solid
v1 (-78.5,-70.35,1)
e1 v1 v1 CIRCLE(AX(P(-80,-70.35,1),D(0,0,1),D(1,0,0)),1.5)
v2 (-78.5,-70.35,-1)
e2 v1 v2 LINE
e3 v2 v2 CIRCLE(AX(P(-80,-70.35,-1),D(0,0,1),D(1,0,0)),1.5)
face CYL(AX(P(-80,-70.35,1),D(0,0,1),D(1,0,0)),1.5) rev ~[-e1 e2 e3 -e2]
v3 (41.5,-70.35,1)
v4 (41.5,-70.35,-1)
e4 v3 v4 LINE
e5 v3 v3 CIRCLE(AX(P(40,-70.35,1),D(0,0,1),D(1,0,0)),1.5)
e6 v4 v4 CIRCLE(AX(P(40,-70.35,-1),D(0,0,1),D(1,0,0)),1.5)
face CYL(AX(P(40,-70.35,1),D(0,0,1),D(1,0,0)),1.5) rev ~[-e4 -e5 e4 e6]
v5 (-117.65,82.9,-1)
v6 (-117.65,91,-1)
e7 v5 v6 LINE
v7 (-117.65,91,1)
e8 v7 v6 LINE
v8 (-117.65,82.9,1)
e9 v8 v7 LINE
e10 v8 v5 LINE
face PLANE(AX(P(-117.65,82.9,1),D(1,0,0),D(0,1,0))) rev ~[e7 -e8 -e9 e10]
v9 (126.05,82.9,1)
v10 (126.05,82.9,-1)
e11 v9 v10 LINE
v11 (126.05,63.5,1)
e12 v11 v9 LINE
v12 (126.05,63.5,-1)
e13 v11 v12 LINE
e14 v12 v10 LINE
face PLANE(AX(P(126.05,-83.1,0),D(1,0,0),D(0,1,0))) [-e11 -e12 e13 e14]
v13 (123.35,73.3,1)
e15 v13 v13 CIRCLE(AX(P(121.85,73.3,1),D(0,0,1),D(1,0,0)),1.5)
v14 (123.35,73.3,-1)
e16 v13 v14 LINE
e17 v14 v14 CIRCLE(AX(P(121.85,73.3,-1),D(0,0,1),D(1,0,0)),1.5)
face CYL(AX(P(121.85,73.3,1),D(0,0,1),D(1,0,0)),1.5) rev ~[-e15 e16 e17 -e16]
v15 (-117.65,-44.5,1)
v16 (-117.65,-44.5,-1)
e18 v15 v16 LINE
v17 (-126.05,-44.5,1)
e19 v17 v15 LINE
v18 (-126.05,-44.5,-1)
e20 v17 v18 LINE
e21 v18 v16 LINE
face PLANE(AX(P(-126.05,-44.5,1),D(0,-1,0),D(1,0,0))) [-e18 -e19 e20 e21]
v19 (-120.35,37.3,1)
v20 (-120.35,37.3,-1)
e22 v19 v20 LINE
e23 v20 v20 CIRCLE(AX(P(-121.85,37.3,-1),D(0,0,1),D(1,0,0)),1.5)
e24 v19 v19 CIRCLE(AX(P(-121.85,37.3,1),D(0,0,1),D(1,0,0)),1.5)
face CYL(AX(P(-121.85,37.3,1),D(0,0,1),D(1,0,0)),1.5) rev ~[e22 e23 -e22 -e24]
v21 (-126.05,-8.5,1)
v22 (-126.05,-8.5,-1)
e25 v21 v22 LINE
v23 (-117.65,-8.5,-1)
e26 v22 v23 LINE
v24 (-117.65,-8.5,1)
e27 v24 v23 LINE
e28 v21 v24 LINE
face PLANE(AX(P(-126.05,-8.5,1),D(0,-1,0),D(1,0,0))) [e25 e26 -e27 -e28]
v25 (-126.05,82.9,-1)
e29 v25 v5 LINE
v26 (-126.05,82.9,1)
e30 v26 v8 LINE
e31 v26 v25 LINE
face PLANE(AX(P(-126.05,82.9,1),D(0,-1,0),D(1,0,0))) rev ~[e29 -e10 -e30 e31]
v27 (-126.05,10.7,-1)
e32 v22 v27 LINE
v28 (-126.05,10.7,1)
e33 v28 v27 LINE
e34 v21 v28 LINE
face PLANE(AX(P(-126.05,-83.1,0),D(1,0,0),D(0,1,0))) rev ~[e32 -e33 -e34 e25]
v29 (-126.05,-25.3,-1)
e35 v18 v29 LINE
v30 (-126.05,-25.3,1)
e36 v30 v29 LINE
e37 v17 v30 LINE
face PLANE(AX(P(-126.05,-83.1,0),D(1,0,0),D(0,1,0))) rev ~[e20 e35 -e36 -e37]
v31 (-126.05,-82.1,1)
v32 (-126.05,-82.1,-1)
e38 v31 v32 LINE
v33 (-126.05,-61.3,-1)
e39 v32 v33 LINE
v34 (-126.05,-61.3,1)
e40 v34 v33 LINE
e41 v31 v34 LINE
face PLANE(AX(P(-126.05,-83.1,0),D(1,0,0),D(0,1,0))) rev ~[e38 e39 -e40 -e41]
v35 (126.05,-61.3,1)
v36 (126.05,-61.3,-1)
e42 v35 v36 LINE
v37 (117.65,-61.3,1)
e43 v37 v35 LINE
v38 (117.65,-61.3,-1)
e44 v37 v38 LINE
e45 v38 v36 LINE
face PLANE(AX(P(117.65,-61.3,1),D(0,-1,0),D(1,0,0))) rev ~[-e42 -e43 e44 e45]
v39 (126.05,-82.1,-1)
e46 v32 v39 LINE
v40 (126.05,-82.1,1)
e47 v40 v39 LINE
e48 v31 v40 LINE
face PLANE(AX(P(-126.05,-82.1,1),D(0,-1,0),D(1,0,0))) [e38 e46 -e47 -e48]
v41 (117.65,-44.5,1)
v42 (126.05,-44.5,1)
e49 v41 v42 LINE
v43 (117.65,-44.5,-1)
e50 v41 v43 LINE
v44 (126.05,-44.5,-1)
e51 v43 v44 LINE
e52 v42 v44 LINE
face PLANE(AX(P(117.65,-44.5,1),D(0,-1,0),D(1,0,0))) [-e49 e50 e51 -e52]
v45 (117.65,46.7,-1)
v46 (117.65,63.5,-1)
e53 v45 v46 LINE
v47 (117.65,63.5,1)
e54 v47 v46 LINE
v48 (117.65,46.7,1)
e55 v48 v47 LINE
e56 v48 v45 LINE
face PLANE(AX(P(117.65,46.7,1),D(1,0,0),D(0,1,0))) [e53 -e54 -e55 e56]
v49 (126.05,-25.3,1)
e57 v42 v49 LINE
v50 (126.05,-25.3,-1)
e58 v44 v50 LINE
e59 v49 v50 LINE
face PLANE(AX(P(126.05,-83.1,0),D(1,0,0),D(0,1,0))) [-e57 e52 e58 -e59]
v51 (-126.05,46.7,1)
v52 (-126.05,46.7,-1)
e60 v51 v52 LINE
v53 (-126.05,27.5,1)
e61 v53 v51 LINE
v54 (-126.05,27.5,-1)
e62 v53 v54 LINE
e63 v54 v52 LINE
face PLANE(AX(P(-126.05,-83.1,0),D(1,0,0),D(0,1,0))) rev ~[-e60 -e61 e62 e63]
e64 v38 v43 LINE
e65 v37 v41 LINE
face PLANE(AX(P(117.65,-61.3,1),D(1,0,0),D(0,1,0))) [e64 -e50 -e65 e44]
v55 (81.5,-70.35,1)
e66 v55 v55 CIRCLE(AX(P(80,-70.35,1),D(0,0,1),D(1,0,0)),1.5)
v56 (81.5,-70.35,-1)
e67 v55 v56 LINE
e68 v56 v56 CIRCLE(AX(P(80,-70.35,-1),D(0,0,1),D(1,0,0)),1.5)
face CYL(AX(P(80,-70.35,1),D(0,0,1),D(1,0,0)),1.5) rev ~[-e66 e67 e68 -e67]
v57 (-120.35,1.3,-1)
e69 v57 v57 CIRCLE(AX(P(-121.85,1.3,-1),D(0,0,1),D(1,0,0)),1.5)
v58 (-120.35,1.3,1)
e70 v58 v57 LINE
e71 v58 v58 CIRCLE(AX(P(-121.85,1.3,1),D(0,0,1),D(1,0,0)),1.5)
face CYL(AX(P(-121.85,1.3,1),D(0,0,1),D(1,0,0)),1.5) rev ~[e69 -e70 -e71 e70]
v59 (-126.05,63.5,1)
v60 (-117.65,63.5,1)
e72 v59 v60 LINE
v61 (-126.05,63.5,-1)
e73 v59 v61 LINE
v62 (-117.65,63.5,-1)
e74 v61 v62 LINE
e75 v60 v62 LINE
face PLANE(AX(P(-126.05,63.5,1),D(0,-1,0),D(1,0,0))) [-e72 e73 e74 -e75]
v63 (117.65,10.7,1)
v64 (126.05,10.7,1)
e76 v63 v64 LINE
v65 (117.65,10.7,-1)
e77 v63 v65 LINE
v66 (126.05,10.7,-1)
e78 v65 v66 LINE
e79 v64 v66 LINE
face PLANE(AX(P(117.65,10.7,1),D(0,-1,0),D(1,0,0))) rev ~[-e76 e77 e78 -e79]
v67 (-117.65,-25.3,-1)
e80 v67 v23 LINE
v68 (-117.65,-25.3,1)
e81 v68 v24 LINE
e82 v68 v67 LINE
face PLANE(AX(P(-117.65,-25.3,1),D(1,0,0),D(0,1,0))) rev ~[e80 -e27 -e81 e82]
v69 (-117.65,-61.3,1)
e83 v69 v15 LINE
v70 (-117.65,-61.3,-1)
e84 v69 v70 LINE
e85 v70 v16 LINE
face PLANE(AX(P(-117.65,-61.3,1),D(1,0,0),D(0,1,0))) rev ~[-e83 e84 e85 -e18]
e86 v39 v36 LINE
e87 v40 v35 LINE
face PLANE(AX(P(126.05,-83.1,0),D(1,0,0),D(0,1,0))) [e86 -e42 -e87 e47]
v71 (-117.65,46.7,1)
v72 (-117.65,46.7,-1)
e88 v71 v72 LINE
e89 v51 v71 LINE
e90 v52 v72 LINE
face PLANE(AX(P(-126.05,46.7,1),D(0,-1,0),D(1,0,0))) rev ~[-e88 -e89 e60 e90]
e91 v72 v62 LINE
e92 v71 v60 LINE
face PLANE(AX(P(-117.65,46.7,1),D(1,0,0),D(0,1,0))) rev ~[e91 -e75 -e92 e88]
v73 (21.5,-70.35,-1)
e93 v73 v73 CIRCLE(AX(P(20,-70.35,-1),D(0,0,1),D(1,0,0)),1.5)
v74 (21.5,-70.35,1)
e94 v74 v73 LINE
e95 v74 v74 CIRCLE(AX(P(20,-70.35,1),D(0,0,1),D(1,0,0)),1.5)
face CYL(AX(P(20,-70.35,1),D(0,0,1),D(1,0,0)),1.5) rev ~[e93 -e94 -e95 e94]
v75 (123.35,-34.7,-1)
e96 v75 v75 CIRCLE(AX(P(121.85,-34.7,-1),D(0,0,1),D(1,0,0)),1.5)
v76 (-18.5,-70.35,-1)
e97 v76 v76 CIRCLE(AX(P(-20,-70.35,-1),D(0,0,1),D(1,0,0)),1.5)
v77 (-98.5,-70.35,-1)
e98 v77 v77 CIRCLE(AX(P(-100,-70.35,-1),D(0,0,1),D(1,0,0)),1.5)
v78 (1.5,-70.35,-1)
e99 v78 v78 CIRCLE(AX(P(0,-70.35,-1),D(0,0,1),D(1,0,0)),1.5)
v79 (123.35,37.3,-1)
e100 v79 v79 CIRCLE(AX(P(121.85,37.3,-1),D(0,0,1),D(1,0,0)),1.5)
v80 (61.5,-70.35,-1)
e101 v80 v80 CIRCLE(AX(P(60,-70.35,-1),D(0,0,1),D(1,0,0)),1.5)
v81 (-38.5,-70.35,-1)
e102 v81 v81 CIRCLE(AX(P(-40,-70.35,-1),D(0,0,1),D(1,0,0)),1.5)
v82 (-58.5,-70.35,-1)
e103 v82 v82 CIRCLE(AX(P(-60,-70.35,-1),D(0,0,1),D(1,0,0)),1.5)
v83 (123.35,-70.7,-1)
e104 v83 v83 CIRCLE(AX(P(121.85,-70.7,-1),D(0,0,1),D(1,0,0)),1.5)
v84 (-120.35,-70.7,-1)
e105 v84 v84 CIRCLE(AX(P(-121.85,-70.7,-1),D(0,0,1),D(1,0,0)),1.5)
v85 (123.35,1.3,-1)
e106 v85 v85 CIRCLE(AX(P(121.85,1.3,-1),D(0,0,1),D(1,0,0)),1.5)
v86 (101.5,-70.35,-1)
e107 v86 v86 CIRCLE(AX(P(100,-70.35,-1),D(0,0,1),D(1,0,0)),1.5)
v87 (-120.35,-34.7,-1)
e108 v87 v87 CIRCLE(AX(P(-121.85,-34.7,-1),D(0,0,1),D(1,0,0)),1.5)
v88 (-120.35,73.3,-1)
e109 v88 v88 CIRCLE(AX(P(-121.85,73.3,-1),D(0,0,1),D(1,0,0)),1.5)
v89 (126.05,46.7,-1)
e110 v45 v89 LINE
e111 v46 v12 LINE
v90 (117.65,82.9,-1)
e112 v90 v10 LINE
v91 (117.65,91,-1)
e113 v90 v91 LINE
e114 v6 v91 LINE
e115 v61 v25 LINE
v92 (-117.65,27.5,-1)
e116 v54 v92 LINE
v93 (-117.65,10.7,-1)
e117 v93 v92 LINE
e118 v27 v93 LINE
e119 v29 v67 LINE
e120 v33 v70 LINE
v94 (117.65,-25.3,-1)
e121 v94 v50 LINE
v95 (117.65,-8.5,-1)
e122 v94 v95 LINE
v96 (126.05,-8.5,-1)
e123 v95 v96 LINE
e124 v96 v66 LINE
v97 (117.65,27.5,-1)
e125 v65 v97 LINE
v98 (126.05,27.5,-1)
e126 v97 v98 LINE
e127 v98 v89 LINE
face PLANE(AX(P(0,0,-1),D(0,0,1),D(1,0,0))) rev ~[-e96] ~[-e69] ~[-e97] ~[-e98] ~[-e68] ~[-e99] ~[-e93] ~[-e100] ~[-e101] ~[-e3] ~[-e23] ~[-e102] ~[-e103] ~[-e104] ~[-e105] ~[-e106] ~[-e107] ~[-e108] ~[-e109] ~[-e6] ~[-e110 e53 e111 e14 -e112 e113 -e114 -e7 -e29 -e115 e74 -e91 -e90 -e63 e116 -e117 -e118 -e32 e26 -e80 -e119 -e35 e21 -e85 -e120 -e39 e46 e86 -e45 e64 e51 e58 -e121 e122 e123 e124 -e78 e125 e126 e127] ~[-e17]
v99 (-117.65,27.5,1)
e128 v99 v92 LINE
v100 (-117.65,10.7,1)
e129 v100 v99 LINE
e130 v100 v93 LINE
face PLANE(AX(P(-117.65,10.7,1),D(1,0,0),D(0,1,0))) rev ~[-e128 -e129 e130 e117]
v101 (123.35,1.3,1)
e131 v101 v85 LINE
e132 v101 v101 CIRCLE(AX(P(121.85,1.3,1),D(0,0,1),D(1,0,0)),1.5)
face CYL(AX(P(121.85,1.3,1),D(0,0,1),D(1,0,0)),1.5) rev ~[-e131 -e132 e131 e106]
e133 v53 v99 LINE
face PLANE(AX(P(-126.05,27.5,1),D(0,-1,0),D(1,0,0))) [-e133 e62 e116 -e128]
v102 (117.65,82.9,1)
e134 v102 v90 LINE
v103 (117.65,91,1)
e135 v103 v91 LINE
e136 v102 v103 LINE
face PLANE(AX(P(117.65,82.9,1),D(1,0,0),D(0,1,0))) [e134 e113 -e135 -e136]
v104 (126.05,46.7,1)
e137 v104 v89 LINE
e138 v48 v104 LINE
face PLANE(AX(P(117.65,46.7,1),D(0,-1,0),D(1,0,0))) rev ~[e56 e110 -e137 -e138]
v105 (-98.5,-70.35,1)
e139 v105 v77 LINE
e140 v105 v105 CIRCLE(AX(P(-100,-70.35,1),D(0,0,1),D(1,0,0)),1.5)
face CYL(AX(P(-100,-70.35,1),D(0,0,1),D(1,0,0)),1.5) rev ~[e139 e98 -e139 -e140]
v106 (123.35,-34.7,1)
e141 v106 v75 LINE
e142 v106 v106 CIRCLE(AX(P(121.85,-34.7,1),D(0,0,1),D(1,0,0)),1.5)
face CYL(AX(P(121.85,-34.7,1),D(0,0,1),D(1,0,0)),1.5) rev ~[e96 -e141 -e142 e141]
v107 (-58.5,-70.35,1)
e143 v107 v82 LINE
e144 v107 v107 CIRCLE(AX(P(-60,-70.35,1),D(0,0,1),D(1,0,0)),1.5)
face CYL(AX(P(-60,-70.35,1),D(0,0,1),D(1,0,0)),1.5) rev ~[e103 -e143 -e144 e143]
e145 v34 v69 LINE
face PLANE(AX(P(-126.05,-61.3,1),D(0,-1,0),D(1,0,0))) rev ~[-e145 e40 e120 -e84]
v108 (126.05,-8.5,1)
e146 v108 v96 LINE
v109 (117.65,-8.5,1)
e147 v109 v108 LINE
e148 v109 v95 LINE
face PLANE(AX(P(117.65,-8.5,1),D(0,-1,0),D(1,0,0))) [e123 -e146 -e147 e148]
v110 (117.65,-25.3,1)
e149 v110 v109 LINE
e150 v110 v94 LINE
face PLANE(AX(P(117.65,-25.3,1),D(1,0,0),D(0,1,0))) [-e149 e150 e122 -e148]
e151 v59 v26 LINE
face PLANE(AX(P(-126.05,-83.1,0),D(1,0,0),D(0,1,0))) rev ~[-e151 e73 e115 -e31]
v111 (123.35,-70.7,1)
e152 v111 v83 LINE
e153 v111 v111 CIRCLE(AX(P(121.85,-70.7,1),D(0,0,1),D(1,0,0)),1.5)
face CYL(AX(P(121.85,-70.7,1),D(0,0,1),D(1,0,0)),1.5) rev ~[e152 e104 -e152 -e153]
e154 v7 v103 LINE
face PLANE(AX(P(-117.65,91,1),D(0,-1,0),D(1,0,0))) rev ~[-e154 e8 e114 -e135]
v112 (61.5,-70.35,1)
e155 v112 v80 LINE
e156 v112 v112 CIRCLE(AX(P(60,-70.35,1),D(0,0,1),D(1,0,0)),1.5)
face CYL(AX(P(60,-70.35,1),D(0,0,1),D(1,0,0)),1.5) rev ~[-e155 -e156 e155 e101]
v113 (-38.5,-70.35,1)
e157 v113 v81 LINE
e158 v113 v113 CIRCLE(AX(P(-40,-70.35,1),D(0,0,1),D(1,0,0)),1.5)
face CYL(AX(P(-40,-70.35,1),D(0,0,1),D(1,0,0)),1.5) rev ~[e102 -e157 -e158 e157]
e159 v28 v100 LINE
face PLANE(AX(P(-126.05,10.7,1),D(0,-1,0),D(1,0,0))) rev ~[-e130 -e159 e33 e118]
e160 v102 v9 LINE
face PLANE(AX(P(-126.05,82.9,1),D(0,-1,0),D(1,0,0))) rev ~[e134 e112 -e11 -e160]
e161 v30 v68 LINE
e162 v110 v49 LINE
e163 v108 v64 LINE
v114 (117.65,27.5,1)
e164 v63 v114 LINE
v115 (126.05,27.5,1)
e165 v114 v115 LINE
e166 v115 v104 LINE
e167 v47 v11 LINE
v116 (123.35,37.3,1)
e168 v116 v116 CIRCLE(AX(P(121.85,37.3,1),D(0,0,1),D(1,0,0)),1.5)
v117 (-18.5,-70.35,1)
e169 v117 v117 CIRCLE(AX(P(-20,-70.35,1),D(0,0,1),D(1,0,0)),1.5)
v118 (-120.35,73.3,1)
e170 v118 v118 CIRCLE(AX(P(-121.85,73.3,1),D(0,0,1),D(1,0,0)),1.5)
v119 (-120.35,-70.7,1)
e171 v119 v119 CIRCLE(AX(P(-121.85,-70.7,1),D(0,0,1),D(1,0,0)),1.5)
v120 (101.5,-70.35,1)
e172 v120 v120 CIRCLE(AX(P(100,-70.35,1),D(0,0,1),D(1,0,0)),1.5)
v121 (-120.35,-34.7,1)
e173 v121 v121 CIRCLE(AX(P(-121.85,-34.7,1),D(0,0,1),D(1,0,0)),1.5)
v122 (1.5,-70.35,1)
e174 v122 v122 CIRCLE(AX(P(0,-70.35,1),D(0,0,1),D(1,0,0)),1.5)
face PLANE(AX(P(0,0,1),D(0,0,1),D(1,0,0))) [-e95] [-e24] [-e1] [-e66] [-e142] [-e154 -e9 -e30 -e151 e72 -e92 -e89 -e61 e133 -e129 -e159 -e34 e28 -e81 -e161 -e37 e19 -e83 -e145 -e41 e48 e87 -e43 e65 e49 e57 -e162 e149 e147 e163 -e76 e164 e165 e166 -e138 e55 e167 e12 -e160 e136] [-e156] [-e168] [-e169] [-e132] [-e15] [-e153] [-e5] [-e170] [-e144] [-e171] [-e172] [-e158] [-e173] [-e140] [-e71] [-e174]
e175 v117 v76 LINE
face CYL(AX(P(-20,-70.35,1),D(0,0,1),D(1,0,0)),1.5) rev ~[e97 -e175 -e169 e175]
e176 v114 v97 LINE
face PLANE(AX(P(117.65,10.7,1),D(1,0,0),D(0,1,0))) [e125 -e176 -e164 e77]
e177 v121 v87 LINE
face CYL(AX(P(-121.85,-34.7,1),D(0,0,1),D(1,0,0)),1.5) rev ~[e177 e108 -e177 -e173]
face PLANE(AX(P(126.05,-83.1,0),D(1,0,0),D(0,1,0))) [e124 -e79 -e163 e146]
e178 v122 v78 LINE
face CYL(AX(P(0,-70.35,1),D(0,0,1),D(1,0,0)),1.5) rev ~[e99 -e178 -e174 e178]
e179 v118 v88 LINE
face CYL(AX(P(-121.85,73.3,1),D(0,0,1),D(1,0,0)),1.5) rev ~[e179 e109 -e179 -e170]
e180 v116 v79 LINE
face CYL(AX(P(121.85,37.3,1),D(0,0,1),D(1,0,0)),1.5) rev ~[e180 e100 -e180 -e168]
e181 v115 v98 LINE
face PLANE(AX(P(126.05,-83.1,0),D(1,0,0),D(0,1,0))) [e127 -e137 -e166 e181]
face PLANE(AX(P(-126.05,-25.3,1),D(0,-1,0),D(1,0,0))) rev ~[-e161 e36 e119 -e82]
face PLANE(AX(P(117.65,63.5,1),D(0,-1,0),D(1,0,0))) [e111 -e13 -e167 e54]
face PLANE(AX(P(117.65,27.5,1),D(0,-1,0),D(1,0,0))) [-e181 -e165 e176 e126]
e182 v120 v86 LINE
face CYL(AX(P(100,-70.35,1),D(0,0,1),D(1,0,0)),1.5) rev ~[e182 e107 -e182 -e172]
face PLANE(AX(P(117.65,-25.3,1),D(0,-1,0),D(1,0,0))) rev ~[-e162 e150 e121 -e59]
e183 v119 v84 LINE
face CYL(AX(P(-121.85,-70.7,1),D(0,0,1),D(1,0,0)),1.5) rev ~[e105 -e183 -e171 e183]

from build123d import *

# Parameters (mm, degrees)
SKETCH_1_W          = 252.1
SKETCH_1_H          = 166.2
EXTRUDE_1_DEPTH     = 1
SKETCH_2_R          = 1.5
SKETCH_2_W          = 8.4
SKETCH_2_H          = 16.8
SKETCH_2_W_2        = 252.1
SKETCH_2_H_2        = 0.2
SKETCH_2_H_3        = 1
CUT_EXTRUDE1_DEPTH  = 10
SKETCH1_R           = 1.5
CUT_EXTRUDE2_DEPTH  = 10
SKETCH2_W           = 235.3
SKETCH2_H           = 8.1
BOSS_EXTRUDE1_DEPTH = 2


with BuildPart() as part:
    # 草图1 → 凸台-拉伸1 (new, symmetric)
    with BuildSketch(Plane.XY):
        Rectangle(SKETCH_1_W, SKETCH_1_H)
    extrude(amount=EXTRUDE_1_DEPTH, both=True)

    # 草图2 → Cut-Extrude1 (cut)
    with BuildSketch(Plane.XY.offset(1)):
        with Locations((-121.85, 73.3)):
            Circle(SKETCH_2_R)
        with Locations((-121.85, 37.3)):
            Circle(SKETCH_2_R)
        with Locations((-121.85, 1.3)):
            Circle(SKETCH_2_R)
        with Locations((-121.85, -34.7)):
            Circle(SKETCH_2_R)
        with Locations((-121.85, -70.7)):
            Circle(SKETCH_2_R)
        with Locations((121.85, -70.7)):
            Circle(SKETCH_2_R)
        with Locations((121.85, -34.7)):
            Circle(SKETCH_2_R)
        with Locations((121.85, 1.3)):
            Circle(SKETCH_2_R)
        with Locations((121.85, 37.3)):
            Circle(SKETCH_2_R)
        with Locations((121.85, 73.3)):
            Circle(SKETCH_2_R)
        with Locations((-121.85, 55.1)):
            Rectangle(SKETCH_2_W, SKETCH_2_H)
        with Locations((-121.85, 19.1)):
            Rectangle(SKETCH_2_W, SKETCH_2_H)
        with Locations((-121.85, -16.9)):
            Rectangle(SKETCH_2_W, SKETCH_2_H)
        with Locations((-121.85, -52.9)):
            Rectangle(SKETCH_2_W, SKETCH_2_H)
        with Locations((121.85, -52.9)):
            Rectangle(SKETCH_2_W, SKETCH_2_H)
        with Locations((121.85, -16.9)):
            Rectangle(SKETCH_2_W, SKETCH_2_H)
        with Locations((121.85, 19.1)):
            Rectangle(SKETCH_2_W, SKETCH_2_H)
        with Locations((121.85, 55.1)):
            Rectangle(SKETCH_2_W, SKETCH_2_H)
        with Locations((0, 83)):
            Rectangle(SKETCH_2_W_2, SKETCH_2_H_2)
        with Locations((0, -82.6)):
            Rectangle(SKETCH_2_W_2, SKETCH_2_H_3)
    extrude(amount=-CUT_EXTRUDE1_DEPTH, mode=Mode.SUBTRACT)

    # Sketch1 → Cut-Extrude2 (cut)
    with BuildSketch(Plane.XY.offset(1)):
        with Locations((100, -70.35)):
            Circle(SKETCH1_R)
        with Locations((80, -70.35)):
            Circle(SKETCH1_R)
        with Locations((60, -70.35)):
            Circle(SKETCH1_R)
        with Locations((40, -70.35)):
            Circle(SKETCH1_R)
        with Locations((20, -70.35)):
            Circle(SKETCH1_R)
        with Locations((0, -70.35)):
            Circle(SKETCH1_R)
        with Locations((-20, -70.35)):
            Circle(SKETCH1_R)
        with Locations((-40, -70.35)):
            Circle(SKETCH1_R)
        with Locations((-60, -70.35)):
            Circle(SKETCH1_R)
        with Locations((-80, -70.35)):
            Circle(SKETCH1_R)
        with Locations((-100, -70.35)):
            Circle(SKETCH1_R)
    extrude(amount=-CUT_EXTRUDE2_DEPTH, mode=Mode.SUBTRACT)

    # Sketch2 → Boss-Extrude1 (add)
    with BuildSketch(Plane.XY.offset(1)):
        with Locations((0, 86.95)):
            Rectangle(SKETCH2_W, SKETCH2_H)
    extrude(amount=-BOSS_EXTRUDE1_DEPTH)


solid = part.part
